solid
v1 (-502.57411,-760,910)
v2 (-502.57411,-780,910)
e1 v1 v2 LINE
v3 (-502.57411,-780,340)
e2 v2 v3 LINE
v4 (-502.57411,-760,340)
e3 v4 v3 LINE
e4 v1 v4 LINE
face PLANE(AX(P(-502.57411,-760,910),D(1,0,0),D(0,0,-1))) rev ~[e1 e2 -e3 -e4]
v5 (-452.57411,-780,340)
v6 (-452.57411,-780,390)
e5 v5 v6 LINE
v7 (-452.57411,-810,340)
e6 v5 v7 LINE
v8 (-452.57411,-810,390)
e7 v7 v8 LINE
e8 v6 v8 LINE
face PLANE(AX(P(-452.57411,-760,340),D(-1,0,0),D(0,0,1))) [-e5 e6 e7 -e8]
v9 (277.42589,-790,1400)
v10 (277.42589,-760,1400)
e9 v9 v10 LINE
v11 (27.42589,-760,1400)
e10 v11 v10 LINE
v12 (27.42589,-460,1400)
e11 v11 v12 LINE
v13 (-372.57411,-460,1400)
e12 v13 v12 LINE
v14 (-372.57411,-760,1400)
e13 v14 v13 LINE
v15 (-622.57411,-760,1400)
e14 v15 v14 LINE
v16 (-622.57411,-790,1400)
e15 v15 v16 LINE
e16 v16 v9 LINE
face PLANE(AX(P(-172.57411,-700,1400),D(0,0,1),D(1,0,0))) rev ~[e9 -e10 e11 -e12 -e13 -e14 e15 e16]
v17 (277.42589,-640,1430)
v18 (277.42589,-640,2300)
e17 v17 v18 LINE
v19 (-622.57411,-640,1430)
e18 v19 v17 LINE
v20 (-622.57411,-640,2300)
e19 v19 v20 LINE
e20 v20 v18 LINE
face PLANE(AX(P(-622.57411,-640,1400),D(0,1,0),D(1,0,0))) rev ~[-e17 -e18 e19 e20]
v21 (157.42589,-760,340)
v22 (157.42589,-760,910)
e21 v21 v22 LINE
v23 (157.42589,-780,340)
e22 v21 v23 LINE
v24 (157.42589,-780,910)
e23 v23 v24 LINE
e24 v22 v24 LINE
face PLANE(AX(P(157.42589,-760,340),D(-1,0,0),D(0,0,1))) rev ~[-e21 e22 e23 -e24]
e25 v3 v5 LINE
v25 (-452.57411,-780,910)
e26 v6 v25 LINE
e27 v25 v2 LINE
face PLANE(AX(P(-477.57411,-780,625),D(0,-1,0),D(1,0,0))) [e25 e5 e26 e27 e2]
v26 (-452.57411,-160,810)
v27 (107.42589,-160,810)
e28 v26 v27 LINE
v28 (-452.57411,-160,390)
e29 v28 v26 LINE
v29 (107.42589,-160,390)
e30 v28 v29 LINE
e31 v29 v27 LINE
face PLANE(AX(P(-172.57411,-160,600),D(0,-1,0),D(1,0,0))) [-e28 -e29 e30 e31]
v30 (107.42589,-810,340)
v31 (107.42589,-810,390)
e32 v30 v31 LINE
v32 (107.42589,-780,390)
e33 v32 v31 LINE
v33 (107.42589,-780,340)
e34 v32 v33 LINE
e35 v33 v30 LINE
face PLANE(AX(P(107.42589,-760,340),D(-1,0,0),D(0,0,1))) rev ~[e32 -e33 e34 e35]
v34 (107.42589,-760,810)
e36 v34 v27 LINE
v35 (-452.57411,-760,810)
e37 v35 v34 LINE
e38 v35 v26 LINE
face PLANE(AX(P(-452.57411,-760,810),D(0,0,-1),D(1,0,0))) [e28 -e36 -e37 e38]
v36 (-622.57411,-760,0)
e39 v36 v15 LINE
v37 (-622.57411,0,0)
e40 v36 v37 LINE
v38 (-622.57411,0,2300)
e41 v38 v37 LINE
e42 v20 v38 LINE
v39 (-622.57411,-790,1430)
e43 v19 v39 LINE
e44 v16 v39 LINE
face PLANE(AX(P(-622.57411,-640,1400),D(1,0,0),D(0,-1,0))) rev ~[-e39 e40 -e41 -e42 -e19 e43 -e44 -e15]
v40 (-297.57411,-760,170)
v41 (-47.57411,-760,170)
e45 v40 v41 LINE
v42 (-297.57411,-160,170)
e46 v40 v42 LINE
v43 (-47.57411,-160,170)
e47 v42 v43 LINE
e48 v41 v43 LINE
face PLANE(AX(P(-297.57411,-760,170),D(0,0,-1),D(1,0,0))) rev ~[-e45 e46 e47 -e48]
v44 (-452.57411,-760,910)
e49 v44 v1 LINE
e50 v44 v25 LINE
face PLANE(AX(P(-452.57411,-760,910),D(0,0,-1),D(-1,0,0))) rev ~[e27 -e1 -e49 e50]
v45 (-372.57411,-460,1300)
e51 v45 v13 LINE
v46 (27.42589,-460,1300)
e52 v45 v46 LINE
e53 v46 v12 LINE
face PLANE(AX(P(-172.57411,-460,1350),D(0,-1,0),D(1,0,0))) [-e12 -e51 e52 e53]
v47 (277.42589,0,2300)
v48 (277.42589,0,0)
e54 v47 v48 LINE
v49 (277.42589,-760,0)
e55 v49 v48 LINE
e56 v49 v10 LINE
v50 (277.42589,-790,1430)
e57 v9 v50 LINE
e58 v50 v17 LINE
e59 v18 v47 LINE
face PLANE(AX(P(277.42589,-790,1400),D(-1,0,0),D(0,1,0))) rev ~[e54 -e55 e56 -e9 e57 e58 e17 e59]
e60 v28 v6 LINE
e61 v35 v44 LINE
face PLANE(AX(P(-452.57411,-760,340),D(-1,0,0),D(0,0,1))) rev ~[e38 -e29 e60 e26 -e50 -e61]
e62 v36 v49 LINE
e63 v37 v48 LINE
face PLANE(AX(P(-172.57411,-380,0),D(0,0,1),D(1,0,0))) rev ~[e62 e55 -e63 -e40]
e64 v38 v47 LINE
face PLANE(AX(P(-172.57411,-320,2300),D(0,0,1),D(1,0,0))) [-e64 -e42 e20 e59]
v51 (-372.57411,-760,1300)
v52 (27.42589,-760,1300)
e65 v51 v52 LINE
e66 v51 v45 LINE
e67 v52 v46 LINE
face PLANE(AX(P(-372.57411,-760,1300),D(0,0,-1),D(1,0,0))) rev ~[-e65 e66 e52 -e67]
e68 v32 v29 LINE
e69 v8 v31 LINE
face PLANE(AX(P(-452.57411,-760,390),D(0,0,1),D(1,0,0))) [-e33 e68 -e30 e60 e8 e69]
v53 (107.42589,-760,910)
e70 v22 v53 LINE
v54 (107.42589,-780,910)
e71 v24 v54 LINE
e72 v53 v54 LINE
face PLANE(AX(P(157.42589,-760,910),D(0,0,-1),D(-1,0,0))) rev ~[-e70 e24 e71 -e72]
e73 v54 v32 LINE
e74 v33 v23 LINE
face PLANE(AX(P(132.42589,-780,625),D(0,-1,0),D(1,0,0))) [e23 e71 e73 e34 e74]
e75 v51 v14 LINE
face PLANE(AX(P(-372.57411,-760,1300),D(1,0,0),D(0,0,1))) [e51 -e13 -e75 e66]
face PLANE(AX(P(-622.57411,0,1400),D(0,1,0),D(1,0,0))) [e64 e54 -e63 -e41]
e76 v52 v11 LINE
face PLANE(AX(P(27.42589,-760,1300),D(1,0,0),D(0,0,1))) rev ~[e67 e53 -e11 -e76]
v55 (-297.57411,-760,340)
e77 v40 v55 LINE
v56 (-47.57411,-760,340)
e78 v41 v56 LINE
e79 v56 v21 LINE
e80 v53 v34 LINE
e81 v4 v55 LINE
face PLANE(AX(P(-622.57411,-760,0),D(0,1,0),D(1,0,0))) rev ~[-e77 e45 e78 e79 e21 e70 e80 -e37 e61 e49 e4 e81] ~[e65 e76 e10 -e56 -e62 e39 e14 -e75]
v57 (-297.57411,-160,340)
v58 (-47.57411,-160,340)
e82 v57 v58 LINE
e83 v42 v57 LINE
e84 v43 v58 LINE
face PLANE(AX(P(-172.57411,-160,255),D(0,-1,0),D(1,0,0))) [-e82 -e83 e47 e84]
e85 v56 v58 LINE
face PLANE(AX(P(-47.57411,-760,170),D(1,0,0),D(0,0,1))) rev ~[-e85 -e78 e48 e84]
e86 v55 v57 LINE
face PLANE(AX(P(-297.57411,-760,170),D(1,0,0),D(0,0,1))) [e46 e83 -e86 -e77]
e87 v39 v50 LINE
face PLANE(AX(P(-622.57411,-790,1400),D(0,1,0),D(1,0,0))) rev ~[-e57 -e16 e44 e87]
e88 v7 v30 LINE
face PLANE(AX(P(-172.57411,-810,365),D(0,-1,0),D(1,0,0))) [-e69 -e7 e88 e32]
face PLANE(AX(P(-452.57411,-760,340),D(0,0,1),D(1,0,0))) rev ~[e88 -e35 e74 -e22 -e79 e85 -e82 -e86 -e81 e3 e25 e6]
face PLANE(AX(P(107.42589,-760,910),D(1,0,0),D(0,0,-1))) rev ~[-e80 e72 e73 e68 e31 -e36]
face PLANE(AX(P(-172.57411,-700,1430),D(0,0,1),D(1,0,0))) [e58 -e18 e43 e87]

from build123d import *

# Parameters (mm, degrees)
F0_W      = 900
F0_H      = 760
F1_DEPTH  = 1400
F2_W      = 900
F2_H      = 640
F3_DEPTH  = 900
F4_W      = 900
F4_H      = 120
F4_H_2    = 30
F5_DEPTH  = 30
F7_DEPTH  = 20
F8_W      = 560
F8_H      = 50
F9_DEPTH  = 50
F10_W     = 250
F10_H     = 170
F11_DEPTH = 600
F12_W     = 560
F12_H     = 420
F13_DEPTH = 600
F14_W     = 400
F14_H     = 100
F15_DEPTH = 300


with BuildPart() as f1:
    # F0 (on Top) → F1 (new body)
    with BuildSketch(Plane.XY):
        with Locations((-172.5741102403, -380)):
            Rectangle(F0_W, F0_H)
    extrude(amount=F1_DEPTH)

    # F2 (on face) → F3 (join)
    with BuildSketch(Plane.XY.offset(1400)):
        with Locations((-172.5741102403, -320)):
            Rectangle(F2_W, F2_H)
    extrude(amount=F3_DEPTH)

    # F4 (on face) → F5 (join)
    with BuildSketch(Plane.XY.offset(1400)):
        with Locations((-172.5741102403, -700)):
            Rectangle(F4_W, F4_H)
        with Locations((-172.5741102403, -775)):
            Rectangle(F4_W, F4_H_2)
    extrude(amount=F5_DEPTH)

    # F6 (on face) → F7 (join)
    with BuildSketch(Plane.XZ.offset(760)):
        Polygon((-452.5741102403, 340), (-452.5741102403, 390), (-452.5741102403, 810), (-452.5741102403, 910), (-502.5741102403, 910), (-502.5741102403, 340), align=None)
        Polygon((107.4258897597, 810), (107.4258897597, 390), (107.4258897597, 340), (157.4258897597, 340), (157.4258897597, 910), (107.4258897597, 910), align=None)
    extrude(amount=F7_DEPTH)

    # F8 (on face) → F9 (join)
    with BuildSketch(Plane.XZ.offset(760)):
        with Locations((-172.5741102403, 365)):
            Rectangle(F8_W, F8_H)
    extrude(amount=F9_DEPTH)

    # F10 (on face) → F11 (cut)
    with BuildSketch(Plane.XZ.offset(760)):
        with Locations((-172.5741102403, 255)):
            Rectangle(F10_W, F10_H)
    extrude(amount=-F11_DEPTH, mode=Mode.SUBTRACT)

    # F12 (on face) → F13 (cut)
    with BuildSketch(Plane.XZ.offset(760)):
        with Locations((-172.5741102403, 600)):
            Rectangle(F12_W, F12_H)
    extrude(amount=-F13_DEPTH, mode=Mode.SUBTRACT)

    # F14 (on face) → F15 (cut)
    with BuildSketch(Plane.XZ.offset(760)):
        with Locations((-172.5741102403, 1350)):
            Rectangle(F14_W, F14_H)
    extrude(amount=-F15_DEPTH, mode=Mode.SUBTRACT)


solid = f1.part
